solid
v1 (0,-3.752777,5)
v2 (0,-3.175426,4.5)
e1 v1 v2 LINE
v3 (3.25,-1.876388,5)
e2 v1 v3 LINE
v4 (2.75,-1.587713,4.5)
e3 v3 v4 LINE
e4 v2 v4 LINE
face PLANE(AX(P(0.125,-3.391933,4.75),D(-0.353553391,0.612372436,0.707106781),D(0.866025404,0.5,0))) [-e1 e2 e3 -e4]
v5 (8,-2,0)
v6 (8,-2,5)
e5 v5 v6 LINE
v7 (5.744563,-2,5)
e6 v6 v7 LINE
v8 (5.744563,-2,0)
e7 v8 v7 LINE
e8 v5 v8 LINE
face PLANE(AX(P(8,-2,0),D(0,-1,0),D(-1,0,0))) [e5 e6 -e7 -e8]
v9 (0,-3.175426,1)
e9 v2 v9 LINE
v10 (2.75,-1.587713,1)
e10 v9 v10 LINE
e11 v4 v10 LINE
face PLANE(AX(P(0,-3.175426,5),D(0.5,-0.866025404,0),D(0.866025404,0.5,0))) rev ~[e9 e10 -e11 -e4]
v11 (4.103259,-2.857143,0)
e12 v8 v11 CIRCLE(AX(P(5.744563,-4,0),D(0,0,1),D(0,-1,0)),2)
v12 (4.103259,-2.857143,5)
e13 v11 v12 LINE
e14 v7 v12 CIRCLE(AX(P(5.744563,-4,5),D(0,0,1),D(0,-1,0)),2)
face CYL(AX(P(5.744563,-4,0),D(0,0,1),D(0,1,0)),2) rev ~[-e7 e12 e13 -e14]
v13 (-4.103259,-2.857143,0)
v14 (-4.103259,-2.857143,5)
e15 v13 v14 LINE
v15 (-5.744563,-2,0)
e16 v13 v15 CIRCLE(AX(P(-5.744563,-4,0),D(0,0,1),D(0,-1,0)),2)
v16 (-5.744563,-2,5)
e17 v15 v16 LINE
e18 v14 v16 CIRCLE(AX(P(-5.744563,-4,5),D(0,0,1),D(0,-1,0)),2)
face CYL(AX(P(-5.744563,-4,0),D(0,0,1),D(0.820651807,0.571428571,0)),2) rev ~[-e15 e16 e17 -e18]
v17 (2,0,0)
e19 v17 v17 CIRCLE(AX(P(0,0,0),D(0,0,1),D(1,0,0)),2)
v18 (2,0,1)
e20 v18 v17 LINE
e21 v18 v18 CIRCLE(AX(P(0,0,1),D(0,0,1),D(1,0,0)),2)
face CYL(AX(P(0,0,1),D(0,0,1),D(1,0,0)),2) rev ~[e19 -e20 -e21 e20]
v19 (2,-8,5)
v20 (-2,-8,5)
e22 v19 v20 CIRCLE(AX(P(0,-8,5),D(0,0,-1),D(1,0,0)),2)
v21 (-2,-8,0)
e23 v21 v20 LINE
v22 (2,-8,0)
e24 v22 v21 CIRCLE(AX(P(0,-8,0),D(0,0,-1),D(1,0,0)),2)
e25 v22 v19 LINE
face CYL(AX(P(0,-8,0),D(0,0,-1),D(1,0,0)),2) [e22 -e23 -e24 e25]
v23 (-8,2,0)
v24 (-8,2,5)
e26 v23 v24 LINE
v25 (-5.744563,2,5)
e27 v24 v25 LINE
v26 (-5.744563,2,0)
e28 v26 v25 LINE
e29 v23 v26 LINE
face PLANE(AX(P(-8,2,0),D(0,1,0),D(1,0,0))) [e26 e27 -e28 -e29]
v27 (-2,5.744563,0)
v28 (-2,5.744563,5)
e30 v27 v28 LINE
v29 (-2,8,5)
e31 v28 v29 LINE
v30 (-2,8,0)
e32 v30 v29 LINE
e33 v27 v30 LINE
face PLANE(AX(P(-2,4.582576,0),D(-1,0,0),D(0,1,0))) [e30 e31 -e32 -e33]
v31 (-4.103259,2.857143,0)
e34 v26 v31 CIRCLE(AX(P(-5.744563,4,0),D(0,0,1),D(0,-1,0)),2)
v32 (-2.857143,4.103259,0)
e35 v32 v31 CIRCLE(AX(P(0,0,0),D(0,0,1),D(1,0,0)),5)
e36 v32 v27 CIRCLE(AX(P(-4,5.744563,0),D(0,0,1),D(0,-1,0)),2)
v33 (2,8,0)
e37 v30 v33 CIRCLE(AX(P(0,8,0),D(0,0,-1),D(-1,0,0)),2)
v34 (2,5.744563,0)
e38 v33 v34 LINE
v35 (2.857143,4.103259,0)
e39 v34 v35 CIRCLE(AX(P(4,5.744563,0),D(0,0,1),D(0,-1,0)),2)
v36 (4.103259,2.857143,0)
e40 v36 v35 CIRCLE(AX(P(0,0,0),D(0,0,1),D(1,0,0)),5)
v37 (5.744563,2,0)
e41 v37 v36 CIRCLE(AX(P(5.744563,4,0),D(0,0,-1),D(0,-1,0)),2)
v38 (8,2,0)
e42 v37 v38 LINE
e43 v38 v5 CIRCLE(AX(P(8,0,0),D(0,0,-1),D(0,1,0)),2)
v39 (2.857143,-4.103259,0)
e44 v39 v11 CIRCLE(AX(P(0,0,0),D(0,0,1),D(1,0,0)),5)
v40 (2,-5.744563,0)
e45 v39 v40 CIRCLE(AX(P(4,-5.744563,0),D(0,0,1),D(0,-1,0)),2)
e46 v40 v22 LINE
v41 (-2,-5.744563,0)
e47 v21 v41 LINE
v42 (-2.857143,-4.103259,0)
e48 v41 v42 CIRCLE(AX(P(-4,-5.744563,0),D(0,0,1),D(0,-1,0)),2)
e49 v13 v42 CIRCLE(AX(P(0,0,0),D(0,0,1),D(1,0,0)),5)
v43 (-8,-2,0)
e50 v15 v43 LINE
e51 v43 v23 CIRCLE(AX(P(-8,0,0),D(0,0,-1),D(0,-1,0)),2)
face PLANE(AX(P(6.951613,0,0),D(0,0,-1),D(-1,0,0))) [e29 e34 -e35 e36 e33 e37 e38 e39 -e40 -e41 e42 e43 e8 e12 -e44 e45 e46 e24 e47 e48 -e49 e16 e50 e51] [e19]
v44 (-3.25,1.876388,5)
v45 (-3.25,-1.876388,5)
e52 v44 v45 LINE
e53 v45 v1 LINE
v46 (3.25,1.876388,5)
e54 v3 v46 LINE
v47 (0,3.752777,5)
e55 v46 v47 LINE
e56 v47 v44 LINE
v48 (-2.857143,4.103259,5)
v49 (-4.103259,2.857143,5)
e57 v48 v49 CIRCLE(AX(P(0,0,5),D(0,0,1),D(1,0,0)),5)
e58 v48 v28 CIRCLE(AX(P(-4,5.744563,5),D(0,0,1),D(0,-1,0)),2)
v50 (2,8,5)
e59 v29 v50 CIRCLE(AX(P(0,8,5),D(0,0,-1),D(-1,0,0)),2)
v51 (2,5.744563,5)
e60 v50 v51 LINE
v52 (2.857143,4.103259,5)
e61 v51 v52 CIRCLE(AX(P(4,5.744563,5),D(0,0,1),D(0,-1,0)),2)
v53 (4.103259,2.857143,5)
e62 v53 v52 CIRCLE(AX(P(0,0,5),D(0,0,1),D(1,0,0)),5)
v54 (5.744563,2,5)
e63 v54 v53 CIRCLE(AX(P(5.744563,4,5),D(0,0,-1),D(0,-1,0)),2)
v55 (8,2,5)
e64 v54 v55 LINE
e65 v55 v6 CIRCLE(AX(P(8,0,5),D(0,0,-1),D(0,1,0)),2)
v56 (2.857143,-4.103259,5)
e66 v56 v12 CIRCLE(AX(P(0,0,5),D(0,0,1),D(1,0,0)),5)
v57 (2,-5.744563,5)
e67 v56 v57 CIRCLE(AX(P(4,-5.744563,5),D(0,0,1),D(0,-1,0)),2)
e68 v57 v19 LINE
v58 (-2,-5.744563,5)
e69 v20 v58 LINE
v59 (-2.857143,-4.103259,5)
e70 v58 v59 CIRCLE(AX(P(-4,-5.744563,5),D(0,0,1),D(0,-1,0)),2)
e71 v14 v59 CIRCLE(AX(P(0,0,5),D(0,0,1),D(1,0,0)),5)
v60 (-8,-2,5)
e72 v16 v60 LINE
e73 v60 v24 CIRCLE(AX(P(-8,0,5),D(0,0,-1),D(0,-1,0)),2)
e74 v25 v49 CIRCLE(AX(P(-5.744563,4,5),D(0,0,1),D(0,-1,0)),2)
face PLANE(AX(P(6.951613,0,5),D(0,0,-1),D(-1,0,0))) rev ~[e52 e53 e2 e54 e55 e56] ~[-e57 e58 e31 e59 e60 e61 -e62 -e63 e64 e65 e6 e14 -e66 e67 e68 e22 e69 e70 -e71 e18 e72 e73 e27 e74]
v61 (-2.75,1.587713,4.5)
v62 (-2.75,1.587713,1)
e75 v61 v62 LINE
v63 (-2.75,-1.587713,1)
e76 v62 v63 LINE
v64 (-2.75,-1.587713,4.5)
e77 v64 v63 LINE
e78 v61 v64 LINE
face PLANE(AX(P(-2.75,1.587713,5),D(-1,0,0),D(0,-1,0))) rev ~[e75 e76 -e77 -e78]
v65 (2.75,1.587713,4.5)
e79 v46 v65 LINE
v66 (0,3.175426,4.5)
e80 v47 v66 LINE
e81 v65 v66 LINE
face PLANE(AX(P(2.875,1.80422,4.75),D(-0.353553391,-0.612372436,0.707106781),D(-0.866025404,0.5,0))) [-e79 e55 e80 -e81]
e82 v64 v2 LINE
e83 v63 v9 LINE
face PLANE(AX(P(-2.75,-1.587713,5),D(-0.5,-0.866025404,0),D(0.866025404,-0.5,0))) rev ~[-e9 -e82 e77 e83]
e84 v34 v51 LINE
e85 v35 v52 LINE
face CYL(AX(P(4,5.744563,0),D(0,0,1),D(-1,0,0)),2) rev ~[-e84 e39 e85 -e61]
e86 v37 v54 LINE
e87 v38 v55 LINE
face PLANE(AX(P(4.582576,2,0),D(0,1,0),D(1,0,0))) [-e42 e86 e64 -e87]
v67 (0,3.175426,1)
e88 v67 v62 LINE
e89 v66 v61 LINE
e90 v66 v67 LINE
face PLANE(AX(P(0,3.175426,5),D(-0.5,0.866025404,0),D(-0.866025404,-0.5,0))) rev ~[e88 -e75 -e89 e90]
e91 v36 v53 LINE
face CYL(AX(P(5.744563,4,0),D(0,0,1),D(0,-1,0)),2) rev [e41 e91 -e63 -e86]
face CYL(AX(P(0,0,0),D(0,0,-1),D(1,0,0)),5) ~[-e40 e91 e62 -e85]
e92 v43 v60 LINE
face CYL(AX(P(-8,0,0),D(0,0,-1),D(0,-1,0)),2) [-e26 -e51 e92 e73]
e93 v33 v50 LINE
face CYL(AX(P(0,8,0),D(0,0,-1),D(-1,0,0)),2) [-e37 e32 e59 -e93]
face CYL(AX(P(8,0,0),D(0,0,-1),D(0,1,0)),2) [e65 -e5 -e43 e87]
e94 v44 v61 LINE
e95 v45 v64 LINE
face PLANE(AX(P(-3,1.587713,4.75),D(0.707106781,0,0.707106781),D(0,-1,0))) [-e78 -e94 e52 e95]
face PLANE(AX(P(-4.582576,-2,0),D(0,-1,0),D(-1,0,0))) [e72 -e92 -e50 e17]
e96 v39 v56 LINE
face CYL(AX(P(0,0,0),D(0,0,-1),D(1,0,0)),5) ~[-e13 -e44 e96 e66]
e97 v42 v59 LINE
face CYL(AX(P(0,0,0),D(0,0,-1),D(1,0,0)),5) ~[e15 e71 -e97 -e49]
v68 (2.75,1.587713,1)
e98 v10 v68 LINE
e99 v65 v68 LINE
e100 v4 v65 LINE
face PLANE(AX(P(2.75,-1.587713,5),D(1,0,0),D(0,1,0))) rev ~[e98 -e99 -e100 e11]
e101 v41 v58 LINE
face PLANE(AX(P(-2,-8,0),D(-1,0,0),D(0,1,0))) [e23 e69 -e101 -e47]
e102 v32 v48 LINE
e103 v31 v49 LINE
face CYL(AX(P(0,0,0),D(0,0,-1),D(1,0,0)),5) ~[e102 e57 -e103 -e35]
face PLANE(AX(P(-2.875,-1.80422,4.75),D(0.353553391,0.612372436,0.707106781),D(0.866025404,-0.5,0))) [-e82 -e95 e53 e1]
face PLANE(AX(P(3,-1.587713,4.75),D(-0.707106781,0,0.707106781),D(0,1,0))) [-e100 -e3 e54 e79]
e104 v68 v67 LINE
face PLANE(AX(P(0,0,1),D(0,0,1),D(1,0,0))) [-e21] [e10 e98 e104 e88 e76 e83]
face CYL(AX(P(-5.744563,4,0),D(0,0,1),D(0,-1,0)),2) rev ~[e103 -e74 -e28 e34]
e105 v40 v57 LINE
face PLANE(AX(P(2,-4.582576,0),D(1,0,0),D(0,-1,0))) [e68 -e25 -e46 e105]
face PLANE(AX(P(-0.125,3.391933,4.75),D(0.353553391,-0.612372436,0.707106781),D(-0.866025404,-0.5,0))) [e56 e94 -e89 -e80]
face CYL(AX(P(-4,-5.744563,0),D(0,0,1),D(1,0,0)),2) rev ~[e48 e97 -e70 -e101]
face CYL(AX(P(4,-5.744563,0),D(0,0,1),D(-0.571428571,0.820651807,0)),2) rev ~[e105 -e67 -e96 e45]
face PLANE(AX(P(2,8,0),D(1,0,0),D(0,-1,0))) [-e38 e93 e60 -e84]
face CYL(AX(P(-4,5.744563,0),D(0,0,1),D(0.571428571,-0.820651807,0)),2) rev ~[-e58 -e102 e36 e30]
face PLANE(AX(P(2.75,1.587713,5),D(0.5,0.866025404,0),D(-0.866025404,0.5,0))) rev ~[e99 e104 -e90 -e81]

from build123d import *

# Parameters (mm, degrees)
ESBO_O1_R                = 5
RESSALTO_EXTRUS_O1_DEPTH = 5
CORTE_EXTRUS_O1_DEPTH    = 4
ESBO_O3_R                = 2
CORTE_EXTRUS_O2_DEPTH    = 9.124038405
RESSALTO_EXTRUS_O2_DEPTH = 5
CHANFRO1_SIZE            = 0.5
FILETE1_R                = 2


with BuildPart() as part:
    # Esboço1 → Ressalto-extrusão1 (new body)
    with BuildSketch(Plane.XY):
        Circle(ESBO_O1_R)
    extrude(amount=RESSALTO_EXTRUS_O1_DEPTH)

    # Esboço2 → Corte-extrusão1 (cut)
    with BuildSketch(Plane.XY.offset(5)):
        Polygon((0, 3.175426481), (-2.75, 1.58771324), (-2.75, -1.58771324), (0, -3.175426481), (2.75, -1.58771324), (2.75, 1.58771324), align=None)
    extrude(amount=-CORTE_EXTRUS_O1_DEPTH, mode=Mode.SUBTRACT)

    # Esboço3 → Corte-extrusão2 (cut, through all)
    with BuildSketch(Plane.XY.offset(1)):
        Circle(ESBO_O3_R)
    extrude(amount=-CORTE_EXTRUS_O2_DEPTH, mode=Mode.SUBTRACT)

    # Esboço4 → Ressalto-extrusão2 (add, through all)
    with BuildSketch(Plane(origin=(0, 0, 0), x_dir=(-1, 0, 0), z_dir=(0, 0, -1))):
        with BuildLine():
            Line((-4.582575695, 2), (-8, 2))
            ThreePointArc((-8, 2), (-10, 1.13e-07), (-8.000000226, -2))
            Line((-8.000000226, -2), (-4.582575695, -2))
            ThreePointArc((-4.582575695, -2), (-5, 0), (-4.582575695, 2))
        make_face()
        with BuildLine():
            Line((2, 4.582575695), (2, 8))
            ThreePointArc((2, 8), (1.13e-07, 10), (-2, 8.000000226))
            Line((-2, 8.000000226), (-2, 4.582575695))
            ThreePointArc((-2, 4.582575695), (0, 5), (2, 4.582575695))
        make_face()
        with BuildLine():
            Line((4.582575695, -2), (8, -2))
            ThreePointArc((8, -2), (10, -1.13e-07), (8.000000226, 2))
            Line((8.000000226, 2), (4.582575695, 2))
            ThreePointArc((4.582575695, 2), (5, 0), (4.582575695, -2))
        make_face()
        with BuildLine():
            Line((-2, -4.582575695), (-2, -8))
            ThreePointArc((-2, -8), (-1.13e-07, -10), (2, -8.000000226))
            Line((2, -8.000000226), (2, -4.582575695))
            ThreePointArc((2, -4.582575695), (0, -5), (-2, -4.582575695))
        make_face()
    extrude(amount=-RESSALTO_EXTRUS_O2_DEPTH)

    # Chanfro1
    chanfro1_edges = [part.edges().sort_by_distance(p)[0] for p in [
        (1.375, 2.38156986, 5),
        (-1.375, 2.38156986, 5),
        (-2.75, 0, 5),
        (-1.375, -2.38156986, 5),
        (1.375, -2.38156986, 5),
        (2.75, 0, 5),
    ]]
    chamfer(chanfro1_edges, length=CHANFRO1_SIZE)

    # Filete1
    filete1_edges = [part.edges().sort_by_distance(p)[0] for p in [
        (4.582575695, 2, 2.5),
        (4.582575695, -2, 2.5),
        (-2, 4.582575695, 2.5),
        (2, 4.582575695, 2.5),
        (-4.582575695, -2, 2.5),
        (-4.582575695, 2, 2.5),
        (2, -4.582575695, 2.5),
        (-2, -4.582575695, 2.5),
    ]]
    fillet(filete1_edges, radius=FILETE1_R)


solid = part.part
